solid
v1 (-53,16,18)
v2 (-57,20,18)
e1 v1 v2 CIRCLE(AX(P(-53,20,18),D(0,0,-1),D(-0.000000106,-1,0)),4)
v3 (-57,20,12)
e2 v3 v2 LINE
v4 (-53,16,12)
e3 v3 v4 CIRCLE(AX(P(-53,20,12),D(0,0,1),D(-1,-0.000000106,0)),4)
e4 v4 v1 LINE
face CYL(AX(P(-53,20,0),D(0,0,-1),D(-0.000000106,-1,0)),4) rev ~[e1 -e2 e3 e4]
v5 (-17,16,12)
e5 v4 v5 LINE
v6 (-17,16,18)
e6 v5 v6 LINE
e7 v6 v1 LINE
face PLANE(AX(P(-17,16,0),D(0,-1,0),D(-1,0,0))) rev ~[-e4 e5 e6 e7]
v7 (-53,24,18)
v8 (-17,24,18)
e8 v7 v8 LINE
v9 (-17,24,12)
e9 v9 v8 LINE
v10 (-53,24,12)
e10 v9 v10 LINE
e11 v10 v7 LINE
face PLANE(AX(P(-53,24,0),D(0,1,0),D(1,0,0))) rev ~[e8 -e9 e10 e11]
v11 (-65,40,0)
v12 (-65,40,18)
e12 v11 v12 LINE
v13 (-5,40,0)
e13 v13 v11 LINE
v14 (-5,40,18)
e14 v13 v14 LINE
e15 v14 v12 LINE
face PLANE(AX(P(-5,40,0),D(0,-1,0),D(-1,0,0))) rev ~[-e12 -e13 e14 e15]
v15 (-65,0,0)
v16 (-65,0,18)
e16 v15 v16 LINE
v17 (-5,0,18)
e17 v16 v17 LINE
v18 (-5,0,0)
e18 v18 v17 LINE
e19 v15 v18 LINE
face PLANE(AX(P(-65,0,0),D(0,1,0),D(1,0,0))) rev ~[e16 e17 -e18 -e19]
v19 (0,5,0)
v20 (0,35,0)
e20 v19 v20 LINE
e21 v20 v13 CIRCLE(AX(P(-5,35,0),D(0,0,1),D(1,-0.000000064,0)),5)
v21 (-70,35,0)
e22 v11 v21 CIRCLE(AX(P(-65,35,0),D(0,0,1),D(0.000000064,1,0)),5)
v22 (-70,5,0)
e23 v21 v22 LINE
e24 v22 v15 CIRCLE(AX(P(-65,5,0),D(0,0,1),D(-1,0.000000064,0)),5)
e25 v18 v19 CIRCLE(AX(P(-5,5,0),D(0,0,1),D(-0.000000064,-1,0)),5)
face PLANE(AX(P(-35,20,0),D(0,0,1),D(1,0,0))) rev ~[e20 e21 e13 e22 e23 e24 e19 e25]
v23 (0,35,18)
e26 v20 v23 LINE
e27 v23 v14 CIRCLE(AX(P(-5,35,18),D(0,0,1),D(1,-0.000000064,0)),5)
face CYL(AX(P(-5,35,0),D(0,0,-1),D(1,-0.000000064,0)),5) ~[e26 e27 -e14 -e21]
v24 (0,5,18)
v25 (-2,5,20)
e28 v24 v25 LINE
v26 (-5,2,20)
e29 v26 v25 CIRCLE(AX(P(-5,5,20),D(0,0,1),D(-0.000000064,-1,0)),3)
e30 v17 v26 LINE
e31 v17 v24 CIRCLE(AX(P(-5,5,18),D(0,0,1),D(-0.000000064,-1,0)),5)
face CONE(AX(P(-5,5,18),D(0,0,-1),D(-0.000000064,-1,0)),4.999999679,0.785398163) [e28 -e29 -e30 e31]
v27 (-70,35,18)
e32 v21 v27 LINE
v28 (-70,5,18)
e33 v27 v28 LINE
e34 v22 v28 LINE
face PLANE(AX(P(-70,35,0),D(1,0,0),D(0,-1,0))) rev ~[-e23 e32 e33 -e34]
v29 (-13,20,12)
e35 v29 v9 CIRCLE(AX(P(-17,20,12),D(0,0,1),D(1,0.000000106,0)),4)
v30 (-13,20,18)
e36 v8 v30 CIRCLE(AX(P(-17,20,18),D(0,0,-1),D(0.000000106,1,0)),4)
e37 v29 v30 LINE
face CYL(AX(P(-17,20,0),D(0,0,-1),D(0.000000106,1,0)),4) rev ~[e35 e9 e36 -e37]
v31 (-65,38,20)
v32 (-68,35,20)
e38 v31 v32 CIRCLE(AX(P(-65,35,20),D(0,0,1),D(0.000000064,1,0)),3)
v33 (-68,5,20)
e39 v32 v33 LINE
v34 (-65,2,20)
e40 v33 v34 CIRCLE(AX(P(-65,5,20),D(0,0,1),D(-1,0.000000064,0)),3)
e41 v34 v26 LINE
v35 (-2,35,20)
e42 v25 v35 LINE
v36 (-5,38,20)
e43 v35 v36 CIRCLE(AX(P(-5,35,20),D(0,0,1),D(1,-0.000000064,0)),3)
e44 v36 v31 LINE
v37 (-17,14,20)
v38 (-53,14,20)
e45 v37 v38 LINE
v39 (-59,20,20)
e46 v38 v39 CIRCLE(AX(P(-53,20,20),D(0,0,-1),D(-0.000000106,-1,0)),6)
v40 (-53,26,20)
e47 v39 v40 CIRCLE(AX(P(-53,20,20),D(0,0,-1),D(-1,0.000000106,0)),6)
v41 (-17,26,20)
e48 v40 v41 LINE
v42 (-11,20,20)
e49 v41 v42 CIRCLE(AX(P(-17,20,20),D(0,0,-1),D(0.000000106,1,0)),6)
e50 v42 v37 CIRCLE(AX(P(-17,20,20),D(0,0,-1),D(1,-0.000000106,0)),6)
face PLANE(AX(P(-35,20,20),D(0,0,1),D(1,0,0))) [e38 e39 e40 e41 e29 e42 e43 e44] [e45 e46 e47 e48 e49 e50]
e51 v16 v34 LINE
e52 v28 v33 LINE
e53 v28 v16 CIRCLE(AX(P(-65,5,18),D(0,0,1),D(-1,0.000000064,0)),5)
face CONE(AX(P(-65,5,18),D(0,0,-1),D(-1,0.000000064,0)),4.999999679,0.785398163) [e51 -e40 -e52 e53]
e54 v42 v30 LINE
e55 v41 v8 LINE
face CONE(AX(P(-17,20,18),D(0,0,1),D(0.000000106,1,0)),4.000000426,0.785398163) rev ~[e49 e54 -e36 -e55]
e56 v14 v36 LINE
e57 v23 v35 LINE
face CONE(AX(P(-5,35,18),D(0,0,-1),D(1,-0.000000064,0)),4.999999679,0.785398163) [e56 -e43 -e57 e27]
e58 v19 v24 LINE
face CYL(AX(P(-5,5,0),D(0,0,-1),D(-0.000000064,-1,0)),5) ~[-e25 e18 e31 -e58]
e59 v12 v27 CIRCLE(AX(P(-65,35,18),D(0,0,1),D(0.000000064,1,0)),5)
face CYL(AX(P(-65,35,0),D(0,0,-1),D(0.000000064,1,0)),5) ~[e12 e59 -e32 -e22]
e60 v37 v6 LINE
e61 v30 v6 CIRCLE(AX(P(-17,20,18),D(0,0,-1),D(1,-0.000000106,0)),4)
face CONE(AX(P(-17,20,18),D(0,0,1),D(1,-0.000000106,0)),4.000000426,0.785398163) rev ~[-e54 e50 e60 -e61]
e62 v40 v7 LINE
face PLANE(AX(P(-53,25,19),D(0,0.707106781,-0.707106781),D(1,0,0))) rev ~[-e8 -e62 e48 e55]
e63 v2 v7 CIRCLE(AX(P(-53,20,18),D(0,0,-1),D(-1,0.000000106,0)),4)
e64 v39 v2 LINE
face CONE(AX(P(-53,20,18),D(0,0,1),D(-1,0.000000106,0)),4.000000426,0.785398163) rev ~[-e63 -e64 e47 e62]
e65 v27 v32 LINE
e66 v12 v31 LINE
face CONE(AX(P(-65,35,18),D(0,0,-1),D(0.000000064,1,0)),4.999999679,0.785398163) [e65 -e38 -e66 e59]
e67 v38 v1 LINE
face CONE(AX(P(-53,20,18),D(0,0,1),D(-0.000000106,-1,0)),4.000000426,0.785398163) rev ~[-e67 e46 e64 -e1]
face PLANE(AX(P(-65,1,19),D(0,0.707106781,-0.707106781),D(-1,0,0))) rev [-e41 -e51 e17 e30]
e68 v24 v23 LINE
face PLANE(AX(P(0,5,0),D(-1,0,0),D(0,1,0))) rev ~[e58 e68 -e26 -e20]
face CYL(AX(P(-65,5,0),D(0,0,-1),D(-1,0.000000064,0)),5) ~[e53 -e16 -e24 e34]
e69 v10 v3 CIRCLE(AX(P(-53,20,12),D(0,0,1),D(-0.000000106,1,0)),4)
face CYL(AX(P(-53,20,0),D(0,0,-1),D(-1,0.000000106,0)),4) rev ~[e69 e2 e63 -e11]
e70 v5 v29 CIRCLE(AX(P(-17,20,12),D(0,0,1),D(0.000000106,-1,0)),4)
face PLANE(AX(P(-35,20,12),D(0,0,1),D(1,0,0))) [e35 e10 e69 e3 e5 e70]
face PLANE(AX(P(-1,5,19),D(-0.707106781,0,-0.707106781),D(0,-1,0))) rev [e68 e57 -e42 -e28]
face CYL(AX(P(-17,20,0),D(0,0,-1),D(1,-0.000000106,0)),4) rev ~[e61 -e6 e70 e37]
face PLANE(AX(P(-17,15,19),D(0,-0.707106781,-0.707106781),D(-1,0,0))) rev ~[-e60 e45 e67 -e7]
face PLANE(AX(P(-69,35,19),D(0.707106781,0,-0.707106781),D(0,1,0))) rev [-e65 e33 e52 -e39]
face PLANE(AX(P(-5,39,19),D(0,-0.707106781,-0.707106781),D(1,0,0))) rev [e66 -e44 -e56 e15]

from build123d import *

# Parameters (mm, degrees)
F1_DEPTH = 20
F2_DEPTH = 12
F3_SIZE  = 2


with BuildPart() as f1:
    # F0 (on Top) → F1 (new body)
    with BuildSketch(Plane.XY):
        with BuildLine():
            Line((-65, 0), (-5, 0))
            ThreePointArc((-5, 0), (-1.464466, 1.464466), (0, 5))
            Line((0, 5), (0, 35))
            ThreePointArc((0, 35), (-1.464466, 38.535534), (-5, 40))
            Line((-5, 40), (-65, 40))
            ThreePointArc((-65, 40), (-68.535534, 38.535534), (-70, 35))
            Line((-70, 35), (-70, 5))
            ThreePointArc((-70, 5), (-68.535534, 1.464466), (-65, 0))
        make_face()
        with BuildLine():
            ThreePointArc((-57, 20), (-55.828427, 22.828427), (-53, 24))
            Line((-53, 24), (-17, 24))
            ThreePointArc((-17, 24), (-14.171573, 22.828427), (-13, 20))
            ThreePointArc((-13, 20), (-14.171573, 17.171573), (-17, 16))
            Line((-17, 16), (-53, 16))
            ThreePointArc((-53, 16), (-55.828427, 17.171573), (-57, 20))
        make_face(mode=Mode.SUBTRACT)
    extrude(amount=F1_DEPTH)

    # F0 (on Top) → F2 (join)
    with BuildSketch(Plane.XY):
        with BuildLine():
            Line((-17, 24), (-53, 24))
            ThreePointArc((-53, 24), (-55.828427, 22.828427), (-57, 20))
            ThreePointArc((-57, 20), (-55.828427, 17.171573), (-53, 16))
            Line((-53, 16), (-17, 16))
            ThreePointArc((-17, 16), (-14.171573, 17.171573), (-13, 20))
            ThreePointArc((-13, 20), (-14.171573, 22.828427), (-17, 24))
        make_face()
    extrude(amount=F2_DEPTH)

    # F3
    f3_edges = [f1.edges().sort_by_distance(p)[0] for p in [
        (-35, 24, 20),
        (-35, 0, 20),
    ]]
    chamfer(f3_edges, length=F3_SIZE)


solid = f1.part
